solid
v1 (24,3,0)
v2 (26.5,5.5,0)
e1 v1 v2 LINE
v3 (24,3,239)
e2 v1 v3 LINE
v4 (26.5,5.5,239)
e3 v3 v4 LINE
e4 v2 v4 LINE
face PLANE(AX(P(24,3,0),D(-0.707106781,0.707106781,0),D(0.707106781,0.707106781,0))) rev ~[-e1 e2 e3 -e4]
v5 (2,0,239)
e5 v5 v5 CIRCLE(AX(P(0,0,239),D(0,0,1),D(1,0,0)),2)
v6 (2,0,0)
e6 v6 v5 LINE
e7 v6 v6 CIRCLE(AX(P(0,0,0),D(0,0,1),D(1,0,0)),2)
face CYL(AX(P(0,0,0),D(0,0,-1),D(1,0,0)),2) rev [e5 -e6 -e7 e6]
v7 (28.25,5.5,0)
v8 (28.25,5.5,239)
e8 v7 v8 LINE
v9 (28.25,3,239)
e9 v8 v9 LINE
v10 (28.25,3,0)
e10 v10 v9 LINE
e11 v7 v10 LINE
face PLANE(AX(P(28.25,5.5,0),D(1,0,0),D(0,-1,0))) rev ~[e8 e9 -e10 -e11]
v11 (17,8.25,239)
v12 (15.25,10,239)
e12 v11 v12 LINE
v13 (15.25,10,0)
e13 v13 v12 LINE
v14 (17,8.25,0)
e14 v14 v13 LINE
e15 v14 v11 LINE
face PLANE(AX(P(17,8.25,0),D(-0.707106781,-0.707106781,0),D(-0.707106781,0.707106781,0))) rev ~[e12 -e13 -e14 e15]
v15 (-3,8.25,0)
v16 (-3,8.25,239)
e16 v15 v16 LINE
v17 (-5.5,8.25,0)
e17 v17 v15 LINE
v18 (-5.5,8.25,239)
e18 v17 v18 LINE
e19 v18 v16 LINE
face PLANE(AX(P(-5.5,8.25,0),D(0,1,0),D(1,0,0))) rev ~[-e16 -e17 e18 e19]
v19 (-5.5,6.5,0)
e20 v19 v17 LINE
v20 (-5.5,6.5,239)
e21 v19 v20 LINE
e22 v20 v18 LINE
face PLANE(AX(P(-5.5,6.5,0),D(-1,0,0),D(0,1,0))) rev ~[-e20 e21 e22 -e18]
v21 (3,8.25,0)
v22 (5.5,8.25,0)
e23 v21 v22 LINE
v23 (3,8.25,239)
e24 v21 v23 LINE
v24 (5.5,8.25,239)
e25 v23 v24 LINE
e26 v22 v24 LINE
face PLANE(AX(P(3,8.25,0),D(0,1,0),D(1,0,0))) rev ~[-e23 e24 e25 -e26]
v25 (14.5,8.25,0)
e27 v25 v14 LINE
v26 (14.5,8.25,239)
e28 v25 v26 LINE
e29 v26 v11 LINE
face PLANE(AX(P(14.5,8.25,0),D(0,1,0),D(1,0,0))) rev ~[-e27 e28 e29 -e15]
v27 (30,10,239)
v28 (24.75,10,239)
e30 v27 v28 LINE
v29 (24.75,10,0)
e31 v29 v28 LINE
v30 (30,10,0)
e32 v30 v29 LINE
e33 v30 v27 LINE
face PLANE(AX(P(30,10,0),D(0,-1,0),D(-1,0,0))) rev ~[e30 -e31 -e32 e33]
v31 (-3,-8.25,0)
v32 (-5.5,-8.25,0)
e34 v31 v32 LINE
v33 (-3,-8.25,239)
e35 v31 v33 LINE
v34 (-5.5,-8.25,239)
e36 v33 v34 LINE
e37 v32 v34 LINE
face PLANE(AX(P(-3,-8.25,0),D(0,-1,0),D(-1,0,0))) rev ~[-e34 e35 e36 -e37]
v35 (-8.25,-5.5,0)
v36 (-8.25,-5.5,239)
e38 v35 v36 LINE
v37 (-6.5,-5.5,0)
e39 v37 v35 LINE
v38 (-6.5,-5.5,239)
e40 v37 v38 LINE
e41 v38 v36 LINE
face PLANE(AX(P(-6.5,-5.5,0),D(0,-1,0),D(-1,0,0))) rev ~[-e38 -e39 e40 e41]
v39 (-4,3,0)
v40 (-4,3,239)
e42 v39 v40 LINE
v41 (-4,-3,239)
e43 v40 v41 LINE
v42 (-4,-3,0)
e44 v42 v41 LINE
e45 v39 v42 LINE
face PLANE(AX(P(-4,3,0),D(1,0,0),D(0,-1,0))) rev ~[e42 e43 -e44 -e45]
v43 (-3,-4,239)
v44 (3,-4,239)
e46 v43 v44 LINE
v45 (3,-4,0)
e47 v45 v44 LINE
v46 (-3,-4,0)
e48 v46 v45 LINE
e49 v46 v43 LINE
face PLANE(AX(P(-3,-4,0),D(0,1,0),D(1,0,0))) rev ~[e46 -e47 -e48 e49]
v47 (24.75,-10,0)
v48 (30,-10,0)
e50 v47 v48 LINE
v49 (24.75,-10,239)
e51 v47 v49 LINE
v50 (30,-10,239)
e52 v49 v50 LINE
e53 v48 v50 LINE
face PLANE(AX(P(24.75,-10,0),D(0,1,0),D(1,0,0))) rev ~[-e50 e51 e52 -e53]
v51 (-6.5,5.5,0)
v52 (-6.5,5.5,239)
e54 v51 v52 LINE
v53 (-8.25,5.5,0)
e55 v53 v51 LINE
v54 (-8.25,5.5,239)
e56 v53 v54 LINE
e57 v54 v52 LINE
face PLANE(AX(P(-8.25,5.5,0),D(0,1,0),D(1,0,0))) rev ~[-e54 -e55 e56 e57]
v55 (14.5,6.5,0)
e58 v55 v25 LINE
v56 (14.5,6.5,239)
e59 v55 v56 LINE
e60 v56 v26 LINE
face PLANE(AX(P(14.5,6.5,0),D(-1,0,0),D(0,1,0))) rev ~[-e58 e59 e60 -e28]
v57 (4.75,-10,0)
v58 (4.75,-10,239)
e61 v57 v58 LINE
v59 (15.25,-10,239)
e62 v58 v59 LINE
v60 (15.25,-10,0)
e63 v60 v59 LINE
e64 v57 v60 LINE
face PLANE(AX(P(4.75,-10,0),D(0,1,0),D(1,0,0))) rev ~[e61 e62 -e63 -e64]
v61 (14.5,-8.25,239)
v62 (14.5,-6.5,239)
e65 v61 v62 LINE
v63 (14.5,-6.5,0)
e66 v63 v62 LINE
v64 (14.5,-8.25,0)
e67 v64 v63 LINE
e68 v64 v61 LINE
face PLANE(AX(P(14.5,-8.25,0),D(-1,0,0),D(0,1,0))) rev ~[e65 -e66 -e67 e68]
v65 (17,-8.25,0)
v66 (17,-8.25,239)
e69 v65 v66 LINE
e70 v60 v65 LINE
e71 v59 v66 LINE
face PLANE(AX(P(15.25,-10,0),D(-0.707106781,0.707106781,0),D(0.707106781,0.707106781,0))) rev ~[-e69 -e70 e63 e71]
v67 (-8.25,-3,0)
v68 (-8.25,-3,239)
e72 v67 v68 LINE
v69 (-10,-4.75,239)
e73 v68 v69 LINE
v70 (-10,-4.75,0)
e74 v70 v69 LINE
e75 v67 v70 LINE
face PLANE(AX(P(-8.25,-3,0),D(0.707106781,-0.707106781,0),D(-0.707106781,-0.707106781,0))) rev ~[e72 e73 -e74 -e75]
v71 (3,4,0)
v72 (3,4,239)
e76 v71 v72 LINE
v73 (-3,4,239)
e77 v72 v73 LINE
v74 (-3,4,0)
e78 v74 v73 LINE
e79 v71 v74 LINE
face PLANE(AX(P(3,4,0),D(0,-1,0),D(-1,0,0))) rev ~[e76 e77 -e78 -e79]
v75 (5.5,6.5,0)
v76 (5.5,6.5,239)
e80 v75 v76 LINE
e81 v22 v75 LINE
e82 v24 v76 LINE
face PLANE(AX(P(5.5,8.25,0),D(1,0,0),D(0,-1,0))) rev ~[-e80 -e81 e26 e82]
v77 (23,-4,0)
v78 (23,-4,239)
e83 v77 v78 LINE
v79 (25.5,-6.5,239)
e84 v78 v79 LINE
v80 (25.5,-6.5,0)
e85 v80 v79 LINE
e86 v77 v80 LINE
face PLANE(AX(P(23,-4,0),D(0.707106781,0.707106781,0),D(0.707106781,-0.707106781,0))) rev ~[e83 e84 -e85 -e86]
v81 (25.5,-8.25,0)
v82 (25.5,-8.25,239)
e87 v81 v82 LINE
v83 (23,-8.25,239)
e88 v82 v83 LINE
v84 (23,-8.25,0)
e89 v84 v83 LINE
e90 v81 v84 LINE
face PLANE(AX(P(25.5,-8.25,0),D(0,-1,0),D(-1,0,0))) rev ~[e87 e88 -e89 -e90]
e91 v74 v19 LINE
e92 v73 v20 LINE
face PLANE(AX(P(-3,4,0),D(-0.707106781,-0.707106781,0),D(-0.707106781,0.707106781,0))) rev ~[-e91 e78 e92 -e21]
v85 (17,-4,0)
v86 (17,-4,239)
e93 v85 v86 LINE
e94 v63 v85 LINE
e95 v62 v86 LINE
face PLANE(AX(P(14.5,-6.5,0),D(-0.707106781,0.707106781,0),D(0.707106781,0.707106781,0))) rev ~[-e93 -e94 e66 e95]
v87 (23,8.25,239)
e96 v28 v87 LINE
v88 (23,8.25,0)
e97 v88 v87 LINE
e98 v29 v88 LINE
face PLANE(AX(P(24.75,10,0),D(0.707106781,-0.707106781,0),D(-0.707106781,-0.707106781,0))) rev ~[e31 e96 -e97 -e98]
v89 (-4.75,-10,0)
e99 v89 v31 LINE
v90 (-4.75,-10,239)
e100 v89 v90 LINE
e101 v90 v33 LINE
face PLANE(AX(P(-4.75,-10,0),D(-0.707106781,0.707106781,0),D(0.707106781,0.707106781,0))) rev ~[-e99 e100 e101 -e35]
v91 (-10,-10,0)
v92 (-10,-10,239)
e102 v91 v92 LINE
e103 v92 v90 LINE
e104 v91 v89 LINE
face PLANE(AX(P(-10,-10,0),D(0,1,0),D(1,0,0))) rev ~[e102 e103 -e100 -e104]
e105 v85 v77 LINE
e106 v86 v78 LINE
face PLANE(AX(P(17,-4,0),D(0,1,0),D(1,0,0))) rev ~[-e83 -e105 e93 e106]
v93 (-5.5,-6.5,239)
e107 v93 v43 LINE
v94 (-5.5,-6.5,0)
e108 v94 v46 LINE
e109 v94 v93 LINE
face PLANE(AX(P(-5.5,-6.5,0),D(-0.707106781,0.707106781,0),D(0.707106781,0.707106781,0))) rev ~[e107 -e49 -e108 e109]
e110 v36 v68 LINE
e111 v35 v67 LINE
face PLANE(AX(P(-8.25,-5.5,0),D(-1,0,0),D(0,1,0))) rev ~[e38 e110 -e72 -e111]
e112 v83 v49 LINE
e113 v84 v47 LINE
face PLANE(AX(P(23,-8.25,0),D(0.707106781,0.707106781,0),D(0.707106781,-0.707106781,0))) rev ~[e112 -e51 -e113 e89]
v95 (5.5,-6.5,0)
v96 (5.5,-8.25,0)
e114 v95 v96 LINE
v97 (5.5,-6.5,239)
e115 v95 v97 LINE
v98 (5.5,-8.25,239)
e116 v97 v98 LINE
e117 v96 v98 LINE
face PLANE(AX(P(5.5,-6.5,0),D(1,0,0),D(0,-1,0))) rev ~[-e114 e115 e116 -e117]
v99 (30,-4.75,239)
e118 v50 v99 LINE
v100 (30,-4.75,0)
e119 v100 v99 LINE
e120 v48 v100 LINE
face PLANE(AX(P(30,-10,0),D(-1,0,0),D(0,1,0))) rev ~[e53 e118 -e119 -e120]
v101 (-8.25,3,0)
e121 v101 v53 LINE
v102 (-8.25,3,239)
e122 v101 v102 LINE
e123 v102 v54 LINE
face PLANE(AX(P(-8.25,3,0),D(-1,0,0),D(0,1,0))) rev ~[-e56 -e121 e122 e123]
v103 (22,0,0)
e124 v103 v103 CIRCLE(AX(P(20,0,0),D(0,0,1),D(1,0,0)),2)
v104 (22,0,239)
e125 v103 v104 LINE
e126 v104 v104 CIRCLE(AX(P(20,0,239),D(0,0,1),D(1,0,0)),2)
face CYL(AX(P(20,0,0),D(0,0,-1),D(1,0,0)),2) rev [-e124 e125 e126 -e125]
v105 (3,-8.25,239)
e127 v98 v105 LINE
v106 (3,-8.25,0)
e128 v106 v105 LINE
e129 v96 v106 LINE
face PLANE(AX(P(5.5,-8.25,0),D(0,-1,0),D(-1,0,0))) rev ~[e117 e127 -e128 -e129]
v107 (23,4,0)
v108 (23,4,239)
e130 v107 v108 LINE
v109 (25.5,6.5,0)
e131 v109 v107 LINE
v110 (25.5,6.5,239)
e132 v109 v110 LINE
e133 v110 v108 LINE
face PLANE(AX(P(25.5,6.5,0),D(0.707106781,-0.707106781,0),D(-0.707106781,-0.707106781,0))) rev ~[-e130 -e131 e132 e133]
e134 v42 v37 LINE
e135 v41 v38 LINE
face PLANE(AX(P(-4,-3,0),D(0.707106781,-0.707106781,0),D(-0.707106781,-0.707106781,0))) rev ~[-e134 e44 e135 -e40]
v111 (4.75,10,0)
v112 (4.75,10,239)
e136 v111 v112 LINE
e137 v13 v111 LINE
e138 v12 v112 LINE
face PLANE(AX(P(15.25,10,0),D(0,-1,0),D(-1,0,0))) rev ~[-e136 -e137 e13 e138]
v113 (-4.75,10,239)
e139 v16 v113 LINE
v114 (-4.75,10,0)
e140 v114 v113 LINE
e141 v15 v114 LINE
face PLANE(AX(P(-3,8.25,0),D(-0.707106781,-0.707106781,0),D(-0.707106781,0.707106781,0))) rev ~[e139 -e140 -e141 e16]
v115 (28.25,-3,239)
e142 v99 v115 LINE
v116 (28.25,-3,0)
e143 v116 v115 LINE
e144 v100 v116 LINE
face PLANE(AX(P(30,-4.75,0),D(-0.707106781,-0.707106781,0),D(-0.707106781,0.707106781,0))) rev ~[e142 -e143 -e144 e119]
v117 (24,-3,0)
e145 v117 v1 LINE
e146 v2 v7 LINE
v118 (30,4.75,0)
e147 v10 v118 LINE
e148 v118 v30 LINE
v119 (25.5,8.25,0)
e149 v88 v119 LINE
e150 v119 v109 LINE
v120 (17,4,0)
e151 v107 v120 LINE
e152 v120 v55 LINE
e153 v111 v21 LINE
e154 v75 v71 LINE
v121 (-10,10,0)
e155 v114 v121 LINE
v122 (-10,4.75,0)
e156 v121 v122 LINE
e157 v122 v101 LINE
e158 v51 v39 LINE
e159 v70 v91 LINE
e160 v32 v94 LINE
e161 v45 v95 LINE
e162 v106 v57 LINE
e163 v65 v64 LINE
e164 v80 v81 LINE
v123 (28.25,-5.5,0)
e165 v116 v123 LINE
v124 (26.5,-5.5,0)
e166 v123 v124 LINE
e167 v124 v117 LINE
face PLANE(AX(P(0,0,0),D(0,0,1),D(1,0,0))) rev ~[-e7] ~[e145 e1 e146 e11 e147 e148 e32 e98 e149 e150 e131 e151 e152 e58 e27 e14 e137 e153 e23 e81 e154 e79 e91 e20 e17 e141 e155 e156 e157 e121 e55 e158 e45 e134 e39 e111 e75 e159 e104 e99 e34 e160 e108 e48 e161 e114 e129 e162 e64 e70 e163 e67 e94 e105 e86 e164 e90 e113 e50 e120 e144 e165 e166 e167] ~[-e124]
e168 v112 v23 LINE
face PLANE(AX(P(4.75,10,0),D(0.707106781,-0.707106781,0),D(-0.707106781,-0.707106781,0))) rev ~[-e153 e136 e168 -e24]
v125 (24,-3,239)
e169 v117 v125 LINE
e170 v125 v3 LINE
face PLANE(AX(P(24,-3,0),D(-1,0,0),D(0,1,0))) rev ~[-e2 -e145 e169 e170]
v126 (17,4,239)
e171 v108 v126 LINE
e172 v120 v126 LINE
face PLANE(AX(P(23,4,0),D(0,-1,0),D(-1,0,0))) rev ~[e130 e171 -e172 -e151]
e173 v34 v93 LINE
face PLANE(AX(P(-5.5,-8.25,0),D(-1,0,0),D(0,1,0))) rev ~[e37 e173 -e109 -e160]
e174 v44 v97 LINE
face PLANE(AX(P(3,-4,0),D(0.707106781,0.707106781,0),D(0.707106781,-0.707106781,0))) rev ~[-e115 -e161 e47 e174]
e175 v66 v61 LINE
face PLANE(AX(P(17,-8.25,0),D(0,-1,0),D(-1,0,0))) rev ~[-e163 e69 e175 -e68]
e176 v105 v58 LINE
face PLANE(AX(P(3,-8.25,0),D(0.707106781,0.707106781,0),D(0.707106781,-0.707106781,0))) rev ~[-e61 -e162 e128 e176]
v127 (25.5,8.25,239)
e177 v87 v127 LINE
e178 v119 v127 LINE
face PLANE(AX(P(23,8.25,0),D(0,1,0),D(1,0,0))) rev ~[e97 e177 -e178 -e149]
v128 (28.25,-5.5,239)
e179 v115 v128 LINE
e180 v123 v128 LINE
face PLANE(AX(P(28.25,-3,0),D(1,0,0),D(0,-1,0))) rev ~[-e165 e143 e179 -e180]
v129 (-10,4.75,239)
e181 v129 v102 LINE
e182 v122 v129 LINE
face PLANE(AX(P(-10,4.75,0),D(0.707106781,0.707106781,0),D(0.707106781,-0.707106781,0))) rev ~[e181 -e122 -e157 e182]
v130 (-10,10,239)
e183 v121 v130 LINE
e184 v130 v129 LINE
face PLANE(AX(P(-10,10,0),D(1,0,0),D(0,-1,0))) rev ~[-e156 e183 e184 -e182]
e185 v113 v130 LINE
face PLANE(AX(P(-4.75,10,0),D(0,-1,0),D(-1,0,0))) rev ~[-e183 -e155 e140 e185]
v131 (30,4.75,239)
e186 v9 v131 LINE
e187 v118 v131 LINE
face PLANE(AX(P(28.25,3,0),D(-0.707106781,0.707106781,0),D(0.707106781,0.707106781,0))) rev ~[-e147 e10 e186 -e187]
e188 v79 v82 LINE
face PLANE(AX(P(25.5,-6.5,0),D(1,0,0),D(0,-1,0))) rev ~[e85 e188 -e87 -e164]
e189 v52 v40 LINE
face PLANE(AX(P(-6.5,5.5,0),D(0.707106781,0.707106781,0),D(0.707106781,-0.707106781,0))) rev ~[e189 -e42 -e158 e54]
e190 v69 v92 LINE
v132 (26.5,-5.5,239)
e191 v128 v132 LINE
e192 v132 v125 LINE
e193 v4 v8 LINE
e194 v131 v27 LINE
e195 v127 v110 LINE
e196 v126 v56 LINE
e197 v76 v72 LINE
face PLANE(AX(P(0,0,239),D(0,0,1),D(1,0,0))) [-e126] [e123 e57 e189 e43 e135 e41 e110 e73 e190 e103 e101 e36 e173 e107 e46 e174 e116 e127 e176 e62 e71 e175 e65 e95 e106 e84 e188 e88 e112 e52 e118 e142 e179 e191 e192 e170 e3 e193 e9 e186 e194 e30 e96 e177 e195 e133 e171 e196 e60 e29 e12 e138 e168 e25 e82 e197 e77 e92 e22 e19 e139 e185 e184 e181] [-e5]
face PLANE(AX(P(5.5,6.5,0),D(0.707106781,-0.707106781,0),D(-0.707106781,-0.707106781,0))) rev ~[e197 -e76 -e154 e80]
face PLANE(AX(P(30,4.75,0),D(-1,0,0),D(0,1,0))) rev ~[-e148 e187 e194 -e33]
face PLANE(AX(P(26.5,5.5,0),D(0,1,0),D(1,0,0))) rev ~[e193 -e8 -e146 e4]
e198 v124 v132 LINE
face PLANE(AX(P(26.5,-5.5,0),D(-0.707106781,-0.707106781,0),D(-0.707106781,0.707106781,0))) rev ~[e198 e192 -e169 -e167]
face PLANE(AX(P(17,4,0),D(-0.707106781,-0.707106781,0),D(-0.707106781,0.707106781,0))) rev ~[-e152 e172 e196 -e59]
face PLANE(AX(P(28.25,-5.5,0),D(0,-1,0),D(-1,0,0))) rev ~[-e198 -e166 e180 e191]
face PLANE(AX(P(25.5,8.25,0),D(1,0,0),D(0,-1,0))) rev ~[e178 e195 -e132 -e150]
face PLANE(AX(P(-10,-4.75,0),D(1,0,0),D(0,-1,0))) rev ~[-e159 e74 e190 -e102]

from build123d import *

# Parameters (mm, degrees)
CROQUIS1_R              = 2
SALIENTE_EXTRUIR1_DEPTH = 239


with BuildPart() as part:
    # Croquis1 → Saliente-Extruir1 (new body)
    with BuildSketch(Plane.XY):
        Polygon((-4.75, 10), (-10, 10), (-10, 4.75), (-8.25, 3), (-8.25, 5.5), (-6.5, 5.5), (-4, 3), (-4, -3), (-6.5, -5.5), (-8.25, -5.5), (-8.25, -3), (-10, -4.75), (-10, -10), (-4.75, -10), (-3, -8.25), (-5.5, -8.25), (-5.5, -6.5), (-3, -4), (3, -4), (5.5, -6.5), (5.5, -8.25), (3, -8.25), (4.75, -10), (10, -10), (10, -4.75), (8.25, -3), (8.25, -5.5), (6.5, -5.5), (4, -3), (4, 3), (6.5, 5.5), (8.25, 5.5), (8.25, 3), (10, 4.75), (10, 10), (4.75, 10), (3, 8.25), (5.5, 8.25), (5.5, 6.5), (3, 4), (-3, 4), (-5.5, 6.5), (-5.5, 8.25), (-3, 8.25), align=None)
        Circle(CROQUIS1_R, mode=Mode.SUBTRACT)
        Polygon((15.25, 10), (10, 10), (10, 4.75), (11.75, 3), (11.75, 5.5), (13.5, 5.5), (16, 3), (16, -3), (13.5, -5.5), (11.75, -5.5), (11.75, -3), (10, -4.75), (10, -10), (15.25, -10), (17, -8.25), (14.5, -8.25), (14.5, -6.5), (17, -4), (23, -4), (25.5, -6.5), (25.5, -8.25), (23, -8.25), (24.75, -10), (30, -10), (30, -4.75), (28.25, -3), (28.25, -5.5), (26.5, -5.5), (24, -3), (24, 3), (26.5, 5.5), (28.25, 5.5), (28.25, 3), (30, 4.75), (30, 10), (24.75, 10), (23, 8.25), (25.5, 8.25), (25.5, 6.5), (23, 4), (17, 4), (14.5, 6.5), (14.5, 8.25), (17, 8.25), align=None)
        with Locations((20, 0)):
            Circle(CROQUIS1_R, mode=Mode.SUBTRACT)
        Polygon((11.75, 3), (10, 4.75), (10, -4.75), (11.75, -3), (11.75, -5.5), (13.5, -5.5), (16, -3), (16, 3), (13.5, 5.5), (11.75, 5.5), align=None)
        Polygon((10, -4.75), (10, 4.75), (8.25, 3), (8.25, 5.5), (6.5, 5.5), (4, 3), (4, -3), (6.5, -5.5), (8.25, -5.5), (8.25, -3), align=None)
    extrude(amount=SALIENTE_EXTRUIR1_DEPTH)


solid = part.part
